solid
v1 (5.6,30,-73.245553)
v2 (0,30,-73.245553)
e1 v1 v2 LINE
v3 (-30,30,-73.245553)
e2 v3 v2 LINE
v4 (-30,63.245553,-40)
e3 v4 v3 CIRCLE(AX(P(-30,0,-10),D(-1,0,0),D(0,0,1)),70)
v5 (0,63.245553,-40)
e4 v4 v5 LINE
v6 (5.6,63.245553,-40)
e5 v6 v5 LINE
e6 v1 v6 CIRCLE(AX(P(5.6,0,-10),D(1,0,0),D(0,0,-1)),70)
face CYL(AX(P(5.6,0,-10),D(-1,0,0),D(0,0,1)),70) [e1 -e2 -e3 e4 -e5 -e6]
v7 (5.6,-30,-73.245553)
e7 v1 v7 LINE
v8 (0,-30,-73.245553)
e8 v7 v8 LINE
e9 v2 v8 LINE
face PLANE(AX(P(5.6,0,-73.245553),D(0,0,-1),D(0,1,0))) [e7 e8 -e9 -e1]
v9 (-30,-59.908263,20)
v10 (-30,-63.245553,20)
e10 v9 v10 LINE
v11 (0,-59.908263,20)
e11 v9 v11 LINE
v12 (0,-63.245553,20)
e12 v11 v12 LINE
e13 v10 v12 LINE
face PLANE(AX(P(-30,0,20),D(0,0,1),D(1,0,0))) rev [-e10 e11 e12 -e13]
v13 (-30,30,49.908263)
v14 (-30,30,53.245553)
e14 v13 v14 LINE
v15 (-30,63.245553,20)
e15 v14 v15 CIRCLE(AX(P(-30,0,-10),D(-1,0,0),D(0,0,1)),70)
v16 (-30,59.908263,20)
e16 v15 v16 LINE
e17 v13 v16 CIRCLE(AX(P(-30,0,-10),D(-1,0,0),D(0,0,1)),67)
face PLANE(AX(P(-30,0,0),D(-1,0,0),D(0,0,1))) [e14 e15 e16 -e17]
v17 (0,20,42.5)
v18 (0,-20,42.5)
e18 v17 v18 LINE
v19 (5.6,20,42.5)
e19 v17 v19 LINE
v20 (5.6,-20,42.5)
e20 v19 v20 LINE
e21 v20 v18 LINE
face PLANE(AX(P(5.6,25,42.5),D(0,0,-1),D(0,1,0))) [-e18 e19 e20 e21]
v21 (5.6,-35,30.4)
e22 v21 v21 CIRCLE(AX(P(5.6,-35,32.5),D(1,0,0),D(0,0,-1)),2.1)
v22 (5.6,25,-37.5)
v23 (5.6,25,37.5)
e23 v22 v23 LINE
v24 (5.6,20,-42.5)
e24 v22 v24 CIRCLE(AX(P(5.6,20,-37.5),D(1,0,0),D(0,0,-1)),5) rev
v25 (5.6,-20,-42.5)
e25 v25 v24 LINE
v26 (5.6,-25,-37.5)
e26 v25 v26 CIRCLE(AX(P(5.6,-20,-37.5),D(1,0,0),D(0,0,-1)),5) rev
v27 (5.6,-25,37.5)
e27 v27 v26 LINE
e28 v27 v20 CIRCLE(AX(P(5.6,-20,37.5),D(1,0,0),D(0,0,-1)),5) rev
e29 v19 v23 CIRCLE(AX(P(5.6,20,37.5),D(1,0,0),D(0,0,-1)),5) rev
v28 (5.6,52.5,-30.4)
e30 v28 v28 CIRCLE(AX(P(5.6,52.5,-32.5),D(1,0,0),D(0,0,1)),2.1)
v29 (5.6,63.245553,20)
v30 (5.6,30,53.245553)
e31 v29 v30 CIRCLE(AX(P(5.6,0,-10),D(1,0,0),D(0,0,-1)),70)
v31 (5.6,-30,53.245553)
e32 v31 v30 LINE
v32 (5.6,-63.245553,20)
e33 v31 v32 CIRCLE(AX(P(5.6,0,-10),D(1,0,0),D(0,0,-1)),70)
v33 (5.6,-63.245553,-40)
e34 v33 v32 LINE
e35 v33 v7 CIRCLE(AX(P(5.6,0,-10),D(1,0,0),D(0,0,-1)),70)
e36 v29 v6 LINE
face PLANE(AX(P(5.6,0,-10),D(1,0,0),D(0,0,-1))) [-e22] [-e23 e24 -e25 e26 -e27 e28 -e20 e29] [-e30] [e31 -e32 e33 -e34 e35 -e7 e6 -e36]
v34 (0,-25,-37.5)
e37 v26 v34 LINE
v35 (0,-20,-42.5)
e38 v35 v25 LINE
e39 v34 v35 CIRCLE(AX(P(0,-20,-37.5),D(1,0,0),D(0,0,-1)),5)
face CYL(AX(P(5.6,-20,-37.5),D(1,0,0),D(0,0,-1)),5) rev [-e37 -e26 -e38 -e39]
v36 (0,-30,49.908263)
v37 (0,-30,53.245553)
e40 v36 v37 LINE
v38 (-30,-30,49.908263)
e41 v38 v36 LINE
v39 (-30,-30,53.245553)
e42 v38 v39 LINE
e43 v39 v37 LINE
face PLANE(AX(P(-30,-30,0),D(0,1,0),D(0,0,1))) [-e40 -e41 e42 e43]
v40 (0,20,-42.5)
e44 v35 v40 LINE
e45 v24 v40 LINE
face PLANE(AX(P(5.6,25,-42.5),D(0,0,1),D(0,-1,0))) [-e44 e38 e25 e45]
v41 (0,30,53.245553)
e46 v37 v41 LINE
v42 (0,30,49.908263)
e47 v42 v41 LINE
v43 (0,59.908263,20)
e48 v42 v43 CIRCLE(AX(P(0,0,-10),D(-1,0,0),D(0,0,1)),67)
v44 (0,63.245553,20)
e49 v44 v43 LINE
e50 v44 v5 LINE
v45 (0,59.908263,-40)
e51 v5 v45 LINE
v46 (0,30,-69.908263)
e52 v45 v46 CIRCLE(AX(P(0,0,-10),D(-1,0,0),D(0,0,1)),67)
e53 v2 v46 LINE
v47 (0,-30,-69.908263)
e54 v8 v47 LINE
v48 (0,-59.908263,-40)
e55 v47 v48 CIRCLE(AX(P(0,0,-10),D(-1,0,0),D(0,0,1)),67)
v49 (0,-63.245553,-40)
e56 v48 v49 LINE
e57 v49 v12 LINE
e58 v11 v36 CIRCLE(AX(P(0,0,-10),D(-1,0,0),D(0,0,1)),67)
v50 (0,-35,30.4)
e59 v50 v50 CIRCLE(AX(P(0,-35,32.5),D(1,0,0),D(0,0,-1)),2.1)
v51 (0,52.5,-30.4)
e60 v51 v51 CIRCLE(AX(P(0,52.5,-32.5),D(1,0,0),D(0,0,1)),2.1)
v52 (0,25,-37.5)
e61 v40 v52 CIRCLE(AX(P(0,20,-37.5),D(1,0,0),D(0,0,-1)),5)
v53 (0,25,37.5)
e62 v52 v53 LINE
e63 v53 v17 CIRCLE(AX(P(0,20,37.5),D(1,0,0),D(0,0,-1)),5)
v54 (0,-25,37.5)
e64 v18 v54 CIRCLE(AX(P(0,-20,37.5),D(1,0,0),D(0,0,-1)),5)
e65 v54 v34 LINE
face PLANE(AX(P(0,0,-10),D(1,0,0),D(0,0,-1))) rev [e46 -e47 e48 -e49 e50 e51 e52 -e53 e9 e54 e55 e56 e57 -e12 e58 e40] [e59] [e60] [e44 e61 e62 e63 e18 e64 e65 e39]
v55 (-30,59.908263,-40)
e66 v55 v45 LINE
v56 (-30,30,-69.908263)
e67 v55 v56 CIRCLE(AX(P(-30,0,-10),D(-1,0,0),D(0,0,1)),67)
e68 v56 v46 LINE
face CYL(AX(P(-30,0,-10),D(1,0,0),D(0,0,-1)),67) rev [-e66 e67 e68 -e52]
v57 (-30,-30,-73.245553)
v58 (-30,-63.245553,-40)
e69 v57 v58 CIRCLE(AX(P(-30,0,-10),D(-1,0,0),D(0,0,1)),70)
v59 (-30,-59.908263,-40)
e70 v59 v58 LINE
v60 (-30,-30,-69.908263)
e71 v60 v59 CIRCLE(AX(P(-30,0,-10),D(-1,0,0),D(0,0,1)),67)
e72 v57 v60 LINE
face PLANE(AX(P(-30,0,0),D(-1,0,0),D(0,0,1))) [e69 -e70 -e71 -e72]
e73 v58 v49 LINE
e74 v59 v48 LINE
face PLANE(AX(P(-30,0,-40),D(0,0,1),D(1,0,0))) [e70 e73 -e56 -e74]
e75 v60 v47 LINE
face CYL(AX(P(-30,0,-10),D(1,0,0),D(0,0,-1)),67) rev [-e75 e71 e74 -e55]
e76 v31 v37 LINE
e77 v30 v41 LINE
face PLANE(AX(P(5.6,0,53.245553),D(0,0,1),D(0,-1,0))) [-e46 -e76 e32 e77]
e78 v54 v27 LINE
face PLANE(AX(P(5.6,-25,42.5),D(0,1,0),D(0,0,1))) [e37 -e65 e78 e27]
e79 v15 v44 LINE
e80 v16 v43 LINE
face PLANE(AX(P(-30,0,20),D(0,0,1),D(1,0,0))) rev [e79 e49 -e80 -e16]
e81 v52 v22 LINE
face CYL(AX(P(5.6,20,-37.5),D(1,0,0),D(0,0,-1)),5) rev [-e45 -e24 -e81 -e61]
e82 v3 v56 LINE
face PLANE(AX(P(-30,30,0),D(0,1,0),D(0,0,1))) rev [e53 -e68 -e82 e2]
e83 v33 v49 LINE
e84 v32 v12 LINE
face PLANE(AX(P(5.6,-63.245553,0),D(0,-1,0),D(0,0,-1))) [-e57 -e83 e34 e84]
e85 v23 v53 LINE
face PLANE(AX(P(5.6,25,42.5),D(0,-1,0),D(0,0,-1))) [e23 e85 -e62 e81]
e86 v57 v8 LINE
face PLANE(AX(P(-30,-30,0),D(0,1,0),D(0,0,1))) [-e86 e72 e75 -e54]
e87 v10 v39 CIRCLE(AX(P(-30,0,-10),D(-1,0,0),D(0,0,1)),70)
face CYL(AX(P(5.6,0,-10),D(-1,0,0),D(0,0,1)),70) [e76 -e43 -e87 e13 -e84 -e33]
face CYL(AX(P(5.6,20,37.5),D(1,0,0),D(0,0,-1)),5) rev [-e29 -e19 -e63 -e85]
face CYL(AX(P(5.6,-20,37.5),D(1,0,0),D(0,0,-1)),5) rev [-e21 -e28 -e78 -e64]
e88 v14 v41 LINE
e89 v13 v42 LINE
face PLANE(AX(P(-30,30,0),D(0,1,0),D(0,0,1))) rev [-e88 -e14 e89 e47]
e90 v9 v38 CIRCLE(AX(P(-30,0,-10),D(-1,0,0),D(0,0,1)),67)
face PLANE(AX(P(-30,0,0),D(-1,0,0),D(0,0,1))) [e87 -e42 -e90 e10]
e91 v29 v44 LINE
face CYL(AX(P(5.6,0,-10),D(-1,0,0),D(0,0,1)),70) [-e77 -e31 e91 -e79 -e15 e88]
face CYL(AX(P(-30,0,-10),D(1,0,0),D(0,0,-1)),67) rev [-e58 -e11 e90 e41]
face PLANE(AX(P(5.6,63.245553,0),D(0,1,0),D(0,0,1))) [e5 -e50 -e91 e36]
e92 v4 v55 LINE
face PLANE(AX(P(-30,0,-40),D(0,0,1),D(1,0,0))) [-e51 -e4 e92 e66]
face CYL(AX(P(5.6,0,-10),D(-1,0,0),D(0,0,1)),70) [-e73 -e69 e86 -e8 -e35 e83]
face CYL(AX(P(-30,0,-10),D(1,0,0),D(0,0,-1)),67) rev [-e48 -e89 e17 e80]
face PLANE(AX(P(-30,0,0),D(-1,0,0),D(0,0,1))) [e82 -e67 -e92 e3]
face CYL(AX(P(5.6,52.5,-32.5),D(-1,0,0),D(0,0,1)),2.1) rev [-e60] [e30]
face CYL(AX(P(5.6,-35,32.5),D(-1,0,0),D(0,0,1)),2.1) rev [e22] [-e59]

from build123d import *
from build123d.topology import SkipClean

# Parameters (mm, degrees)
SKETCH_1_R          = 70
SKETCH_1_R_2        = 2.1
SKETCH_1_W          = 85
SKETCH_1_H          = 50
EXTRUDE_2_DEPTH     = 5.6
FILLET_1_R          = 5
EXTRUDE_START       = 30
EXTRUDE_3_DEPTH     = 30
CUT_EXTRUDE_1_DEPTH = 111.453610172


with BuildPart() as part:
    # ｽｹｯﾁ1 → ﾎﾞｽ - 押し出し2 (new body)
    with BuildSketch(Plane(origin=(0, 0, 0), x_dir=(0, 0, -1), z_dir=(1, 0, 0))):
        with Locations((10, 0)):
            Circle(SKETCH_1_R)
        with Locations(Location((32.5, 52.5, 0), (0, 0, 180))):
            Circle(SKETCH_1_R_2, mode=Mode.SUBTRACT)
        with Locations((-32.5, -35)):
            Circle(SKETCH_1_R_2, mode=Mode.SUBTRACT)
        Rectangle(SKETCH_1_W, SKETCH_1_H, mode=Mode.SUBTRACT)
    extrude(amount=EXTRUDE_2_DEPTH)

    # ﾌｨﾚｯﾄ1
    fillet_1_edges = [part.edges().sort_by_distance(p)[0] for p in [
        (2.8, -25, -42.5),
        (2.8, 25, -42.5),
        (2.8, 25, 42.5),
        (2.8, -25, 42.5),
    ]]
    fillet(fillet_1_edges, radius=FILLET_1_R)

    # ｽｹｯﾁ2 → ﾎﾞｽ - 押し出し3 (add)
    with SkipClean():  # the faces are left unmerged after this step: merging them gives an invalid solid
        with BuildSketch(Plane.ZY.offset(EXTRUDE_START)):
            with BuildLine():
                ThreePointArc((-40, 63.245553203), (-59.497474683, 49.497474683), (-73.245553203, 30))
                Line((-73.245553203, 30), (-69.908263203, 30))
                ThreePointArc((-69.908263203, 30), (-57.376154339, 47.376154339), (-40, 59.908263203))
                Line((-40, 59.908263203), (-40, 63.245553203))
            make_face()
            with BuildLine():
                ThreePointArc((53.245553203, 30), (39.497474683, 49.497474683), (20, 63.245553203))
                Line((20, 63.245553203), (20, 59.908263203))
                ThreePointArc((20, 59.908263203), (37.376154339, 47.37615434), (49.908263203, 30))
                Line((49.908263203, 30), (53.245553203, 30))
            make_face()
            with BuildLine():
                Line((-69.908263203, -30), (-73.245553203, -30))
                ThreePointArc((-73.245553203, -30), (-59.497474683, -49.497474683), (-40, -63.245553203))
                Line((-40, -63.245553203), (-40, -59.908263203))
                ThreePointArc((-40, -59.908263203), (-57.376154339, -47.376154339), (-69.908263203, -30))
            make_face()
            with BuildLine():
                Line((20, -59.908263203), (20, -63.245553203))
                ThreePointArc((20, -63.245553203), (39.497474683, -49.497474683), (53.245553203, -30))
                Line((53.245553203, -30), (49.908263203, -30))
                ThreePointArc((49.908263203, -30), (37.376154339, -47.37615434), (20, -59.908263203))
            make_face()
        extrude(amount=-EXTRUDE_3_DEPTH)

    # ｽｹｯﾁ3 → ｶｯﾄ - 押し出し1 (cut, through all)
    with BuildSketch(Plane.ZY):
        with BuildLine():
            Line((20, 63.245553203), (-40, 63.245553203))
            ThreePointArc((-40, 63.245553203), (-10, 70), (20, 63.245553203))
        make_face()
        with BuildLine():
            Line((-73.245553203, 30), (-73.245553203, -30))
            ThreePointArc((-73.245553203, -30), (-80, 0), (-73.245553203, 30))
        make_face()
        with BuildLine():
            Line((-40, -63.245553203), (20, -63.245553203))
            ThreePointArc((20, -63.245553203), (-10, -70), (-40, -63.245553203))
        make_face()
        with BuildLine():
            Line((53.245553203, -30), (53.245553203, 30))
            ThreePointArc((53.245553203, 30), (60, 0), (53.245553203, -30))
        make_face()
    extrude(amount=-CUT_EXTRUDE_1_DEPTH, mode=Mode.SUBTRACT)


solid = part.part
